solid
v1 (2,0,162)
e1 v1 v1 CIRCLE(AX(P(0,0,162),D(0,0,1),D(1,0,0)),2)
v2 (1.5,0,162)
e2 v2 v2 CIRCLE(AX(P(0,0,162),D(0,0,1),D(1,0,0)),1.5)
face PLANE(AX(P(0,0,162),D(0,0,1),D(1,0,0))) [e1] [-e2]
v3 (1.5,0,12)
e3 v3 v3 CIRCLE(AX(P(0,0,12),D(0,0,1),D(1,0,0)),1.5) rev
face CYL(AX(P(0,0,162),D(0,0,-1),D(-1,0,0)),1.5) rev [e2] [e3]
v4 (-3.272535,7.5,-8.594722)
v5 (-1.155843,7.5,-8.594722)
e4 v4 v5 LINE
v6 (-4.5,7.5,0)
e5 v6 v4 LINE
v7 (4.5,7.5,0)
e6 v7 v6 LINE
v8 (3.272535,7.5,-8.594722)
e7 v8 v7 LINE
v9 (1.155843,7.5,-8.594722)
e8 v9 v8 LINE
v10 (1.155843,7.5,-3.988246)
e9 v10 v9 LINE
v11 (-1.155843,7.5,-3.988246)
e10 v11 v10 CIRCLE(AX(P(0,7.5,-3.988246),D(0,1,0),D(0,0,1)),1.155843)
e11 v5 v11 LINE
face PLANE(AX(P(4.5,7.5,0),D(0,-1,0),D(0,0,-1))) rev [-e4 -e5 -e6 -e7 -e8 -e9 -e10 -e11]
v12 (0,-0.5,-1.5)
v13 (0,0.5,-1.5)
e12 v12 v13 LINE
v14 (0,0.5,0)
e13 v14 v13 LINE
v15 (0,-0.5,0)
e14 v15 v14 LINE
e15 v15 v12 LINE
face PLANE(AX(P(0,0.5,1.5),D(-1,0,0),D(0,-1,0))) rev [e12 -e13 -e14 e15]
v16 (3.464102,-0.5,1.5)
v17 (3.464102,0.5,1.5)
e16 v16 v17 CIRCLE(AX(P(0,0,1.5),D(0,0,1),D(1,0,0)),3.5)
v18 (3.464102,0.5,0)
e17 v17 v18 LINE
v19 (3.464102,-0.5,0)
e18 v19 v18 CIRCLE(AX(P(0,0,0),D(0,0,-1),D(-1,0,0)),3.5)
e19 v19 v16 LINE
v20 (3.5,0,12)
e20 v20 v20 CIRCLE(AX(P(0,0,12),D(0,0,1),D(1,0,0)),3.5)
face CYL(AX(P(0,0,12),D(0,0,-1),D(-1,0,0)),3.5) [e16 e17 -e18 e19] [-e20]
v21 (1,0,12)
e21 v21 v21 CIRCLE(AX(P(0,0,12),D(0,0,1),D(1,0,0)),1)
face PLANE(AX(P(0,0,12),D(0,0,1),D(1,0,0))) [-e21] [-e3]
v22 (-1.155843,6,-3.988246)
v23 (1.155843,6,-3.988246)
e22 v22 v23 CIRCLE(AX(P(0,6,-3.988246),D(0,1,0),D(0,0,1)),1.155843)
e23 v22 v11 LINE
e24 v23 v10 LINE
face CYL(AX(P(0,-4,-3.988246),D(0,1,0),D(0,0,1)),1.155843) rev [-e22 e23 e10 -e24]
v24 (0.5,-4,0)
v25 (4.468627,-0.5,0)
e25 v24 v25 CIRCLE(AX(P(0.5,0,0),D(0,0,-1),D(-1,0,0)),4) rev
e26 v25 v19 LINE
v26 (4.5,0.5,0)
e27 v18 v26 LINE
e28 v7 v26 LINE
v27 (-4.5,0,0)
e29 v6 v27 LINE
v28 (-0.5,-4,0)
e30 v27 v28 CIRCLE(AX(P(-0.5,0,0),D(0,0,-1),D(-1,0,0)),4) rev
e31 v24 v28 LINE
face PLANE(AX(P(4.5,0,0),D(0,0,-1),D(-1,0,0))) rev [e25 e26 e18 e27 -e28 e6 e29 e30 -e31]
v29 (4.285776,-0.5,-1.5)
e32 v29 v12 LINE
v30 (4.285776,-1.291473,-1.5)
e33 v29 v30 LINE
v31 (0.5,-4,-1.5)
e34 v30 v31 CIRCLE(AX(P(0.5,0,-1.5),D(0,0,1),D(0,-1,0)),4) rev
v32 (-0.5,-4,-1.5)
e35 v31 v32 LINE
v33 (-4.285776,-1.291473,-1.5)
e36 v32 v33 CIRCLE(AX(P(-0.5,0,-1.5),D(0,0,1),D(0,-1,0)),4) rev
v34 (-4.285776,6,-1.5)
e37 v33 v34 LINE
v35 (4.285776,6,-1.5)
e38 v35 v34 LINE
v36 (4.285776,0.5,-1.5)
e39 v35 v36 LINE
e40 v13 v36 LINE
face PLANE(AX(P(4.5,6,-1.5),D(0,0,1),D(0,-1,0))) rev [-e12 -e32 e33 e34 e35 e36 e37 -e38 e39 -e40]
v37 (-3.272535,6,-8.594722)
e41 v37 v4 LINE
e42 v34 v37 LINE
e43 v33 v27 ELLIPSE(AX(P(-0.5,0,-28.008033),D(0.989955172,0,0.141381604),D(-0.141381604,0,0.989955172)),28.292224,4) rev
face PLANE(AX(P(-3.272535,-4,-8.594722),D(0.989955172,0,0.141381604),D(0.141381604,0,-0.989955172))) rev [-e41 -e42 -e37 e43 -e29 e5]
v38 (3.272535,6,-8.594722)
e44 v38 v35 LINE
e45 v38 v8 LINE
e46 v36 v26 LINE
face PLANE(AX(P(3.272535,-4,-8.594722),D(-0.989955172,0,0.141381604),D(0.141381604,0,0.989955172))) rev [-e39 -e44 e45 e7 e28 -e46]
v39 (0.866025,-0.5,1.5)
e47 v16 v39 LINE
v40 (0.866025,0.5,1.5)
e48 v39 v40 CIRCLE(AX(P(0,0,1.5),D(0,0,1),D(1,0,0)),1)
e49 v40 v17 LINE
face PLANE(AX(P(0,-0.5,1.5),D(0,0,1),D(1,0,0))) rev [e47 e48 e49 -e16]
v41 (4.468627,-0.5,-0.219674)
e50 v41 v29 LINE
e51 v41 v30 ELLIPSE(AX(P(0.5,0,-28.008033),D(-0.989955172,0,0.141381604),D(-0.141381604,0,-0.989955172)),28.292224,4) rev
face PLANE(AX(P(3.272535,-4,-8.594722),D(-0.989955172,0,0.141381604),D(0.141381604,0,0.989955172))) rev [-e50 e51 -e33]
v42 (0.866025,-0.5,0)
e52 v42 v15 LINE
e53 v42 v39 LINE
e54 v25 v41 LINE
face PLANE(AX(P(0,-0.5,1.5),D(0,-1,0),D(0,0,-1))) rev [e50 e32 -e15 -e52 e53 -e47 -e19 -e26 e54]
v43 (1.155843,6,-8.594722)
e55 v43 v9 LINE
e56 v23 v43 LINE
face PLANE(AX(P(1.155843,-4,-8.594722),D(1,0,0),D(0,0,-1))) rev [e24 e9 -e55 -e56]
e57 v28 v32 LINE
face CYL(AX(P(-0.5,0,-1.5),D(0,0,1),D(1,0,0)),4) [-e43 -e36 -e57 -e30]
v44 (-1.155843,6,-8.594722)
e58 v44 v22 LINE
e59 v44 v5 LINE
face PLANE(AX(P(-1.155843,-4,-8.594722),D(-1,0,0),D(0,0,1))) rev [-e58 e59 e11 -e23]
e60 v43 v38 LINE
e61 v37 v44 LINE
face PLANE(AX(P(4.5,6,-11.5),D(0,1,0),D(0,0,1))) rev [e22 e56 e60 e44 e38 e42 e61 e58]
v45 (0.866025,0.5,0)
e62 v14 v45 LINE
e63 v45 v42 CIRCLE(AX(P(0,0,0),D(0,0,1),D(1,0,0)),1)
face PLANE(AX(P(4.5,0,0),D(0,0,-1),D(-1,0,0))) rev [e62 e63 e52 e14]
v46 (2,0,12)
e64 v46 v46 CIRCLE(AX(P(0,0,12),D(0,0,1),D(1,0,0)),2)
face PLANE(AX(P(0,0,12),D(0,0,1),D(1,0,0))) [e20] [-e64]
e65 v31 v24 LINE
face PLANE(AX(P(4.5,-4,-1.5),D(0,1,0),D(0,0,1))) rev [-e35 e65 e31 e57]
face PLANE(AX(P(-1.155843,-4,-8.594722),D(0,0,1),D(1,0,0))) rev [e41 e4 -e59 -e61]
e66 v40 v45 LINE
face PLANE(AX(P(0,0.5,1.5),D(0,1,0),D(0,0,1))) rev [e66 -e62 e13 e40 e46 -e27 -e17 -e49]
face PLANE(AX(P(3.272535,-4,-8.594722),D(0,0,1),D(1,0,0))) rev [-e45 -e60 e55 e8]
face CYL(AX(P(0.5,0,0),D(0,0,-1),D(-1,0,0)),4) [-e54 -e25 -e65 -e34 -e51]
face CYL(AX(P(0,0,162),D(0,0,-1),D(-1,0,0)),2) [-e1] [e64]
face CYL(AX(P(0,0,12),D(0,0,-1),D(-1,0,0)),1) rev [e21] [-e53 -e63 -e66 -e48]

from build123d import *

# Parameters (mm, degrees)
ESQUISSE1_R             = 3.5
ESQUISSE1_R_2           = 1
BASE_EXTRUSION_DEPTH    = 12
ESQUISSE2_R             = 2
ESQUISSE2_R_2           = 1.5
BOSS_EXTRU_1_DEPTH      = 150
BOSS_EXTRU_2_DEPTH      = 4.5
CONG_1_R                = 4
ESQUISSE4_W             = 7
ESQUISSE4_H             = 1
ENL_V_MAT_EXTRU_1_DEPTH = 3
ENL_V_MAT_EXTRU_2_DEPTH = 12.5


with BuildPart() as part:
    # Esquisse1 → Base-Extrusion (new body)
    with BuildSketch(Plane.XY):
        Circle(ESQUISSE1_R)
        Circle(ESQUISSE1_R_2, mode=Mode.SUBTRACT)
    extrude(amount=BASE_EXTRUSION_DEPTH)

    # Esquisse2 → Boss.-Extru.1 (add)
    with BuildSketch(Plane.XY.offset(12)):
        Circle(ESQUISSE2_R)
        Circle(ESQUISSE2_R_2, mode=Mode.SUBTRACT)
    extrude(amount=BOSS_EXTRU_1_DEPTH)

    # Esquisse3 → Boss.-Extru.2 (add, symmetric)
    with BuildSketch(Plane(origin=(0, 0, 0), x_dir=(0, 0, -1), z_dir=(1, 0, 0))):
        Polygon((0, 0), (0, 7.5), (11.5, 7.5), (11.5, 6), (1.5, 6), (1.5, -4), (0, -4), align=None)
    extrude(amount=BOSS_EXTRU_2_DEPTH, both=True)

    # Congé1
    cong_1_edges = [part.edges().sort_by_distance(p)[0] for p in [
        (4.5, -4, -0.75),
        (-4.5, -4, -0.75),
    ]]
    fillet(cong_1_edges, radius=CONG_1_R)

    # Esquisse4 → Enlèv. mat.-Extru.1 (cut)
    with BuildSketch(Plane(origin=(0, 0, -1.5), x_dir=(-1, 0, 0), z_dir=(0, 0, -1))):
        with Locations((-3.5, 0)):
            Rectangle(ESQUISSE4_W, ESQUISSE4_H)
    extrude(amount=-ENL_V_MAT_EXTRU_1_DEPTH, mode=Mode.SUBTRACT)

    # Esquisse5 → Enlèv. mat.-Extru.2 (cut, through all)
    with BuildSketch(Plane(origin=(0, 7.5, 0), x_dir=(-1, 0, 0), z_dir=(0, 1, 0))):
        with BuildLine():
            Line((1.155842945, -8.594721571), (1.155842945, -3.98824613))
            ThreePointArc((1.155842945, -3.98824613), (0, -2.832403184), (-1.155842945, -3.98824613))
            Line((-1.155842945, -3.98824613), (-1.155842945, -8.594721571))
            Line((-1.155842945, -8.594721571), (-3.272534799, -8.594721571))
            Line((-3.272534799, -8.594721571), (-4.5, 0))
            Line((-4.5, 0), (-6, 0))
            Line((-6, 0), (-6, -13))
            Line((-6, -13), (6, -13))
            Line((6, -13), (6, 0))
            Line((6, 0), (4.5, 0))
            Line((4.5, 0), (3.272534799, -8.594721571))
            Line((3.272534799, -8.594721571), (1.155842945, -8.594721571))
        make_face()
    extrude(amount=-ENL_V_MAT_EXTRU_2_DEPTH, mode=Mode.SUBTRACT)


solid = part.part
